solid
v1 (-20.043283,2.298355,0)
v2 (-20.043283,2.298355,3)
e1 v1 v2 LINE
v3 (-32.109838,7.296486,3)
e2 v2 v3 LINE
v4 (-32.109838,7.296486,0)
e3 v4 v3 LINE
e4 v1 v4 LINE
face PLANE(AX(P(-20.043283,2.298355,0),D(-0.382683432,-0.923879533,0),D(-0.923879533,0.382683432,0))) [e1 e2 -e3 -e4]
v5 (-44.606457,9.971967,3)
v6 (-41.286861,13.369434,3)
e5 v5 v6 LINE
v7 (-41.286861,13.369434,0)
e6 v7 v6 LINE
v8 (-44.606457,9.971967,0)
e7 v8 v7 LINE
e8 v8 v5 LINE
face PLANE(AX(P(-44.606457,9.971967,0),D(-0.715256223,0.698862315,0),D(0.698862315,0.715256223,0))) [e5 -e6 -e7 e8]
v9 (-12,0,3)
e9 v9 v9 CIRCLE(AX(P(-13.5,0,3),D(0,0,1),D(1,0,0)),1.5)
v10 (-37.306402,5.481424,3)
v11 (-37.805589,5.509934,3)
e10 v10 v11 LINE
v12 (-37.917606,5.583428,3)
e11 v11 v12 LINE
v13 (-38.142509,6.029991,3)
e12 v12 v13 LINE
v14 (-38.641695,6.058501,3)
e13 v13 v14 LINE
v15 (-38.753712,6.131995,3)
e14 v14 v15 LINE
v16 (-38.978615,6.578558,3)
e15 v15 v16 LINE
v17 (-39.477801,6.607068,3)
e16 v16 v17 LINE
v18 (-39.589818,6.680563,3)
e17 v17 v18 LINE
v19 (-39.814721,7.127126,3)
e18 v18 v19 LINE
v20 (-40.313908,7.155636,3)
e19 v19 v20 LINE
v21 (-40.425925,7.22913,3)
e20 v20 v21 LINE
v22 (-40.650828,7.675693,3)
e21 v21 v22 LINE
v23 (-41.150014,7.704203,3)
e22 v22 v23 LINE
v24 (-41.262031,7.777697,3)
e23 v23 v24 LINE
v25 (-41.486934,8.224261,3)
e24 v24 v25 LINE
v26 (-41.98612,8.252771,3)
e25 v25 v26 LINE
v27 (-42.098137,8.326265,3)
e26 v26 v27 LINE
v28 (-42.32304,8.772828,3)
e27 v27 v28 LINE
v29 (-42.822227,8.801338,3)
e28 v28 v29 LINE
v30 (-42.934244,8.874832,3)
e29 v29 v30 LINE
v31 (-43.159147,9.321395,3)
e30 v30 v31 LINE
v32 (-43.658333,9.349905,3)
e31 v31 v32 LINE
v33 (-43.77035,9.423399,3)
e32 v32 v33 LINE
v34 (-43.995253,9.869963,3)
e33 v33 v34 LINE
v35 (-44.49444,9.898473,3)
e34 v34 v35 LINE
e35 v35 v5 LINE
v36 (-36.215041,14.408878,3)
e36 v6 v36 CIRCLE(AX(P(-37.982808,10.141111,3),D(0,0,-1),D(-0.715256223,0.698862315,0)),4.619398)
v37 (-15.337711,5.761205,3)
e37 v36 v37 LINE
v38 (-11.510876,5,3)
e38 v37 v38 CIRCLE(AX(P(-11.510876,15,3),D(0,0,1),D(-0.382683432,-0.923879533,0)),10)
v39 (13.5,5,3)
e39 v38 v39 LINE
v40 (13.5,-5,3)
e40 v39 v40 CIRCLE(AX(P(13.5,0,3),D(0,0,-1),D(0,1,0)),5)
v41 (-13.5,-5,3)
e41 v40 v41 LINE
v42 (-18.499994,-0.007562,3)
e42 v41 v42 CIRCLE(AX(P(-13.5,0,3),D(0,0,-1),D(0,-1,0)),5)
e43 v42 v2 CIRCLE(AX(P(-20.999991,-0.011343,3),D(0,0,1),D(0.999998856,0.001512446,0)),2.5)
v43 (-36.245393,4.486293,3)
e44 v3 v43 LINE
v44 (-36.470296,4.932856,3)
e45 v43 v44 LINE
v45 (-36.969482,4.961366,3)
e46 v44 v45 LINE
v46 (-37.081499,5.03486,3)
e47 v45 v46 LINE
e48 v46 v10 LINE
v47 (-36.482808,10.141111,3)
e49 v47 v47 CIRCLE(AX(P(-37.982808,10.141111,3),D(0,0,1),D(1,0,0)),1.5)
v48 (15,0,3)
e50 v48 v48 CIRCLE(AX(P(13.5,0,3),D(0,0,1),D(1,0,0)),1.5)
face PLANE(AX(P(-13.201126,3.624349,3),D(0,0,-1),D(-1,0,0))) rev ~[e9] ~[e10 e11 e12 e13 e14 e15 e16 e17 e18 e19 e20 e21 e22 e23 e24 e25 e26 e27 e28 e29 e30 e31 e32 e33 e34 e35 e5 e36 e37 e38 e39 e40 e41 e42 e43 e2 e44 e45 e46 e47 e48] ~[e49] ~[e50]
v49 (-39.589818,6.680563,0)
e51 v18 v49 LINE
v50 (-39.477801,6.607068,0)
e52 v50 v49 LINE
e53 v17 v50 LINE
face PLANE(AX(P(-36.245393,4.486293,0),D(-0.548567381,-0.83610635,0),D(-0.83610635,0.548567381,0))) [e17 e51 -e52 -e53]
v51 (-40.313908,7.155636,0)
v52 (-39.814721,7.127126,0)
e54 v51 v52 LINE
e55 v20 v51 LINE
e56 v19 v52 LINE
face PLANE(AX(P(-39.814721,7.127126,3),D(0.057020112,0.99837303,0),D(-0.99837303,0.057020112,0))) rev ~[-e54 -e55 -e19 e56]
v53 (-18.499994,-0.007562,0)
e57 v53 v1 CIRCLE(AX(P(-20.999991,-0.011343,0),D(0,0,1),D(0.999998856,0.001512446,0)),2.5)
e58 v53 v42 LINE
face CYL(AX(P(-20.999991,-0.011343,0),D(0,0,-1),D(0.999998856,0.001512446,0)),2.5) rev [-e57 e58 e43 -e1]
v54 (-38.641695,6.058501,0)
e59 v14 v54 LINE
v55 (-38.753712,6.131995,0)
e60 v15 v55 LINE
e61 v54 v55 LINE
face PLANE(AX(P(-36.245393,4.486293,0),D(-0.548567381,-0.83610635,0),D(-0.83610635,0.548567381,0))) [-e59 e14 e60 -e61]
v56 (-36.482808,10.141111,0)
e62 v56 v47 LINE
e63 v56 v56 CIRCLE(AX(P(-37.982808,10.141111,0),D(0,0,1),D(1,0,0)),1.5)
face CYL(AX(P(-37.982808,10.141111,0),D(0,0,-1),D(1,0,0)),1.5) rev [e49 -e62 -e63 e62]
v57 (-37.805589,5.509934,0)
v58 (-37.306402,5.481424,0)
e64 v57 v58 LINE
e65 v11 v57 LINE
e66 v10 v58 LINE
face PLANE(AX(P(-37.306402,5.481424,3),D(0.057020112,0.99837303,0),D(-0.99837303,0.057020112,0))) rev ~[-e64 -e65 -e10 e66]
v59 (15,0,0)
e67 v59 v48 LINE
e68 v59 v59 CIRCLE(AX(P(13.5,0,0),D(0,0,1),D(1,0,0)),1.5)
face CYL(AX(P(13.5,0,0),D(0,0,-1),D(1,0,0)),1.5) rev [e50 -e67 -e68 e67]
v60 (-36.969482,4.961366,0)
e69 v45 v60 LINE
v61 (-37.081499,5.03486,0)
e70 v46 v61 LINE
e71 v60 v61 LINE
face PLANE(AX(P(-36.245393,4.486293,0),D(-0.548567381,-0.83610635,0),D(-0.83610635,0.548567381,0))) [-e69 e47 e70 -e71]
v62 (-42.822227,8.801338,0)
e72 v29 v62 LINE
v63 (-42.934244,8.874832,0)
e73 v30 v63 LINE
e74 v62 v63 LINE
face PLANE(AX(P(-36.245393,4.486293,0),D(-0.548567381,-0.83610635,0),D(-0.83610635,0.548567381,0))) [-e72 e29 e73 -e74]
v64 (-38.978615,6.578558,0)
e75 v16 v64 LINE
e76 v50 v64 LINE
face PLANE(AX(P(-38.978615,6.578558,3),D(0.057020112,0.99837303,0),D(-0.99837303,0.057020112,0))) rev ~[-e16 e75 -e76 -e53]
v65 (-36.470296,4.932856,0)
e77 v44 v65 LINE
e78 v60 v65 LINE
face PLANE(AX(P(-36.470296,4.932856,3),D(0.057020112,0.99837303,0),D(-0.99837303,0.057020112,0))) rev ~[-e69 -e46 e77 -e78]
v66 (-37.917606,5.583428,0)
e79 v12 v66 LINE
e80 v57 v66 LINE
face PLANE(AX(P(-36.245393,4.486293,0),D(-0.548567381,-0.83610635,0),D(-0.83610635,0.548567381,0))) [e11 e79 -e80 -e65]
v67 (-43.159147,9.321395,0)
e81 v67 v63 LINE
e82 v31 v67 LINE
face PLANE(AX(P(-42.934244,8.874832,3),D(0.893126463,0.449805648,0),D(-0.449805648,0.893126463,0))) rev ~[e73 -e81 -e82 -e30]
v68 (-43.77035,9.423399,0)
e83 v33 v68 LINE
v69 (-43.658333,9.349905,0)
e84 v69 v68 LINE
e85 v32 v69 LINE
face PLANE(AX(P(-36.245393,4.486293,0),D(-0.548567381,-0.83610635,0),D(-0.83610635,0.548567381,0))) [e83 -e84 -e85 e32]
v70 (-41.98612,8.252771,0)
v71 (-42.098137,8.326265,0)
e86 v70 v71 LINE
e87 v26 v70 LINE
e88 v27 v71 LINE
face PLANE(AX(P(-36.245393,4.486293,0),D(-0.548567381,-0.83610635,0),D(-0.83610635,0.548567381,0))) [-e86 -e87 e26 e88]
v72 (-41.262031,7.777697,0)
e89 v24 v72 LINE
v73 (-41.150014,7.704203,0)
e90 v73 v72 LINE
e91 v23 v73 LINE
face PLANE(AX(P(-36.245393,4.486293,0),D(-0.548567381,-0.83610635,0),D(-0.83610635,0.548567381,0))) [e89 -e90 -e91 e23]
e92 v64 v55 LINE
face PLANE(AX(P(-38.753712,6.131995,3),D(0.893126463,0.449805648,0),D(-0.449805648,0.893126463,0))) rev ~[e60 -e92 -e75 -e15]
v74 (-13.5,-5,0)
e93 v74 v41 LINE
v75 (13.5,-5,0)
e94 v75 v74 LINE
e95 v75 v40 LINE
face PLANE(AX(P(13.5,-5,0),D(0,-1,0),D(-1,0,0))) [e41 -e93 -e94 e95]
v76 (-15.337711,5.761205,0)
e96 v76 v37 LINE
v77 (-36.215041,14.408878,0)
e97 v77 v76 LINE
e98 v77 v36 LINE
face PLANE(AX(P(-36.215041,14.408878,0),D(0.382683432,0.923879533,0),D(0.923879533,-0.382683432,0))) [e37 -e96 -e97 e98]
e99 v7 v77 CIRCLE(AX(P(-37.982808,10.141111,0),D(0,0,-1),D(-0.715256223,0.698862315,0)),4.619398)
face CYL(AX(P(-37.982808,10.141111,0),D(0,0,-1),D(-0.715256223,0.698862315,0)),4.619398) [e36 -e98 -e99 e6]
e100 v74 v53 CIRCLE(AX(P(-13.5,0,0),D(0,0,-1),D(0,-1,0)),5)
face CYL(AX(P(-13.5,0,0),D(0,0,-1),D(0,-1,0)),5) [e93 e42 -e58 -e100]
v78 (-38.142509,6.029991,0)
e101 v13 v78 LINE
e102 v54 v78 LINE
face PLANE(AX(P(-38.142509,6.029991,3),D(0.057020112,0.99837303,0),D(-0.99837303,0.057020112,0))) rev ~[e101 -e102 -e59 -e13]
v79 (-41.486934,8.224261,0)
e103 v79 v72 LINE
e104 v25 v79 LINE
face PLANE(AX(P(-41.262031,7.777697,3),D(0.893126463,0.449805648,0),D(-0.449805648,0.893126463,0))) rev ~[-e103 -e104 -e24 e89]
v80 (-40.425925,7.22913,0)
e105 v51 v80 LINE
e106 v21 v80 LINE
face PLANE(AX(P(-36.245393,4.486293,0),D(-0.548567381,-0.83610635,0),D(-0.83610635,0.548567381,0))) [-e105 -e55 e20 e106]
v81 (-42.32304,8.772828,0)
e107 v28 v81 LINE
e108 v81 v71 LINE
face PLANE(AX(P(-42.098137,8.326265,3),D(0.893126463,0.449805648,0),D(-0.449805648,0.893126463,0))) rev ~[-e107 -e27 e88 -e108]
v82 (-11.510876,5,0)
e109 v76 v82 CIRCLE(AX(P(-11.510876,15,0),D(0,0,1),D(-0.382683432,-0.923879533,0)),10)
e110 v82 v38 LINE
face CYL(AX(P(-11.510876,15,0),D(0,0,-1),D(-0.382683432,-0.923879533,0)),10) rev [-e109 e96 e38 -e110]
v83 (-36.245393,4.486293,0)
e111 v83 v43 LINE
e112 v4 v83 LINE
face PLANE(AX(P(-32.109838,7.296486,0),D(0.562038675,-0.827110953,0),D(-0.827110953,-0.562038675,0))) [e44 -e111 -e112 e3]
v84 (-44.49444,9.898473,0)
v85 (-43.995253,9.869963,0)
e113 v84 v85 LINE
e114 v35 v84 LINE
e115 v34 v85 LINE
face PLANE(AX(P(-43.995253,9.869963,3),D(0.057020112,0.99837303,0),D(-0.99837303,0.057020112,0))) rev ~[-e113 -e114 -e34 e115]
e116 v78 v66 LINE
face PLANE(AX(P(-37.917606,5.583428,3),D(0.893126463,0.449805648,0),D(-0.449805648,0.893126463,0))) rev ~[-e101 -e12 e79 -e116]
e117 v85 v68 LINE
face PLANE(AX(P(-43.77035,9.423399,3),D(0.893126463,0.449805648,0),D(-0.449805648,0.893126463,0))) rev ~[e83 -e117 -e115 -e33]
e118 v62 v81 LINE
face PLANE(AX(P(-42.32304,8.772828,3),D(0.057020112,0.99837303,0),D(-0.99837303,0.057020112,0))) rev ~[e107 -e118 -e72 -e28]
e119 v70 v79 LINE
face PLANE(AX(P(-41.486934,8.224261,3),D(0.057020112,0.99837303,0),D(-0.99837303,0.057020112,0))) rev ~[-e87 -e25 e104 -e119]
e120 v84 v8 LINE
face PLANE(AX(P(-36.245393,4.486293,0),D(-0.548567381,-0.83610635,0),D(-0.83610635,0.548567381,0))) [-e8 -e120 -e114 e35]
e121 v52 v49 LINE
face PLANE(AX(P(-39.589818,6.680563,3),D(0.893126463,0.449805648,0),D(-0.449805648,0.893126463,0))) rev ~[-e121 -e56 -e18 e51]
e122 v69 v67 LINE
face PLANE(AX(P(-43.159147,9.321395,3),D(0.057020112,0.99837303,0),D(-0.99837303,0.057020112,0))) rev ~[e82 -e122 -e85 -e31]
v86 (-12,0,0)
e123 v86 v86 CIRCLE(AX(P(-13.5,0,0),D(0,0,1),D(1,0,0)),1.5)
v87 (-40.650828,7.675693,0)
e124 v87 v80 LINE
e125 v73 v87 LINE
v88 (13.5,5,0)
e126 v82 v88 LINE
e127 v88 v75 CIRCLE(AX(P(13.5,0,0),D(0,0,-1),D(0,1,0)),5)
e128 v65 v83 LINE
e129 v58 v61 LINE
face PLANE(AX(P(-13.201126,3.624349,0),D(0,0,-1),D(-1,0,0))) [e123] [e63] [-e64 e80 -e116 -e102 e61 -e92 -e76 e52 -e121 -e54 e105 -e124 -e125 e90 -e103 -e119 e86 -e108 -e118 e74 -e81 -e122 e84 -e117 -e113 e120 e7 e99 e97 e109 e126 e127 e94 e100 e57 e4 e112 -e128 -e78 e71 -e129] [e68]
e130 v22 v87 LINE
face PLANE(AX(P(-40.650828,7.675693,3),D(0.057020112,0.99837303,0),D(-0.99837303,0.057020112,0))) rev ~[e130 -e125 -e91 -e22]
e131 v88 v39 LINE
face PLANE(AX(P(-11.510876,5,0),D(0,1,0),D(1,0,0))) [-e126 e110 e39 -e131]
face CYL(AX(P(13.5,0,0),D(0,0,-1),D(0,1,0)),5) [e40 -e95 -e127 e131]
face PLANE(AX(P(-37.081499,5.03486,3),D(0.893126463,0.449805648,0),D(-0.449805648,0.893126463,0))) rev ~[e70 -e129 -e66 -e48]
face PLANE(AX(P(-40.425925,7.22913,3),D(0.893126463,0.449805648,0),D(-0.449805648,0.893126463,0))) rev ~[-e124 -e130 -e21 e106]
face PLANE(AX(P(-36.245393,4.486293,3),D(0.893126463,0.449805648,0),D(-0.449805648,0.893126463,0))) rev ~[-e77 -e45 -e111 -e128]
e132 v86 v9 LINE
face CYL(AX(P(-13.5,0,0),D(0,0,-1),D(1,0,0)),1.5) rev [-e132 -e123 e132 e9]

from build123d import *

# Parameters (mm, degrees)
SKETCH1_R            = 1.5
BOSS_EXTRUDE1_DEPTH  = 3
CUT_EXTRUDE1_DEPTH   = 23
LPATTERN1_COUNT      = 2
LPATTERN1_PITCH      = 10
LPATTERN1_COUNT_DIR2 = 10
LPATTERN1_PITCH_DIR2 = 1


with BuildPart() as part:
    # Sketch1 → Boss-Extrude1 (new body)
    with BuildSketch(Plane.XY):
        with BuildLine():
            Line((-11.510876326, 5), (13.5, 5))
            ThreePointArc((13.5, 5), (18.5, 0), (13.5, -5))
            Line((13.5, -5), (-13.5, -5))
            ThreePointArc((-13.5, -5), (-17.032859244, -3.538206546), (-18.499994281, -0.007562225))
            ThreePointArc((-18.499994281, -0.007562225), (-18.922368323, 1.379153788), (-20.043282841, 2.298355494))
            Line((-20.043282841, 2.298355494), (-32.109838269, 7.296486403))
            Line((-32.109838269, 7.296486403), (-36.245393033, 4.48629303))
            Line((-36.245393033, 4.48629303), (-44.606456533, 9.97196684))
            Line((-44.606456533, 9.97196684), (-41.286860538, 13.369433901))
            ThreePointArc((-41.286860538, 13.369433901), (-38.910252818, 14.666448531), (-36.215040659, 14.408877911))
            Line((-36.215040659, 14.408877911), (-15.33771065, 5.761204675))
            ThreePointArc((-15.33771065, 5.761204675), (-13.461779546, 5.192147196), (-11.510876326, 5))
        make_face()
        with Locations((-13.5, 0)):
            Circle(SKETCH1_R, mode=Mode.SUBTRACT)
        with Locations((13.5, 0)):
            Circle(SKETCH1_R, mode=Mode.SUBTRACT)
        with Locations((-37.982807612, 10.141110958)):
            Circle(SKETCH1_R, mode=Mode.SUBTRACT)
    extrude(amount=BOSS_EXTRUDE1_DEPTH)

    # Sketch3 → Cut-Extrude1 (cut)
    with BuildSketch(Plane.XY.offset(3)):
        Polygon((-36.470295857, 4.932856261), (-36.969482372, 4.961366317), (-36.245393033, 4.48629303), align=None)
    cut_extrude1 = extrude(amount=-CUT_EXTRUDE1_DEPTH, mode=Mode.SUBTRACT)

    # LPattern1: Cut-Extrude1 2 × 10
    with Locations(*[Vector(-0.8361063499961565, 0.5485673809990023, 0) * (i * LPATTERN1_PITCH) + Vector(0.8361063499961561, -0.548567380999003, 0) * (j * LPATTERN1_PITCH_DIR2) for i in range(LPATTERN1_COUNT) for j in range(LPATTERN1_COUNT_DIR2) if (i, j) != (0, 0)]):
        add(cut_extrude1, mode=Mode.SUBTRACT)


solid = part.part
